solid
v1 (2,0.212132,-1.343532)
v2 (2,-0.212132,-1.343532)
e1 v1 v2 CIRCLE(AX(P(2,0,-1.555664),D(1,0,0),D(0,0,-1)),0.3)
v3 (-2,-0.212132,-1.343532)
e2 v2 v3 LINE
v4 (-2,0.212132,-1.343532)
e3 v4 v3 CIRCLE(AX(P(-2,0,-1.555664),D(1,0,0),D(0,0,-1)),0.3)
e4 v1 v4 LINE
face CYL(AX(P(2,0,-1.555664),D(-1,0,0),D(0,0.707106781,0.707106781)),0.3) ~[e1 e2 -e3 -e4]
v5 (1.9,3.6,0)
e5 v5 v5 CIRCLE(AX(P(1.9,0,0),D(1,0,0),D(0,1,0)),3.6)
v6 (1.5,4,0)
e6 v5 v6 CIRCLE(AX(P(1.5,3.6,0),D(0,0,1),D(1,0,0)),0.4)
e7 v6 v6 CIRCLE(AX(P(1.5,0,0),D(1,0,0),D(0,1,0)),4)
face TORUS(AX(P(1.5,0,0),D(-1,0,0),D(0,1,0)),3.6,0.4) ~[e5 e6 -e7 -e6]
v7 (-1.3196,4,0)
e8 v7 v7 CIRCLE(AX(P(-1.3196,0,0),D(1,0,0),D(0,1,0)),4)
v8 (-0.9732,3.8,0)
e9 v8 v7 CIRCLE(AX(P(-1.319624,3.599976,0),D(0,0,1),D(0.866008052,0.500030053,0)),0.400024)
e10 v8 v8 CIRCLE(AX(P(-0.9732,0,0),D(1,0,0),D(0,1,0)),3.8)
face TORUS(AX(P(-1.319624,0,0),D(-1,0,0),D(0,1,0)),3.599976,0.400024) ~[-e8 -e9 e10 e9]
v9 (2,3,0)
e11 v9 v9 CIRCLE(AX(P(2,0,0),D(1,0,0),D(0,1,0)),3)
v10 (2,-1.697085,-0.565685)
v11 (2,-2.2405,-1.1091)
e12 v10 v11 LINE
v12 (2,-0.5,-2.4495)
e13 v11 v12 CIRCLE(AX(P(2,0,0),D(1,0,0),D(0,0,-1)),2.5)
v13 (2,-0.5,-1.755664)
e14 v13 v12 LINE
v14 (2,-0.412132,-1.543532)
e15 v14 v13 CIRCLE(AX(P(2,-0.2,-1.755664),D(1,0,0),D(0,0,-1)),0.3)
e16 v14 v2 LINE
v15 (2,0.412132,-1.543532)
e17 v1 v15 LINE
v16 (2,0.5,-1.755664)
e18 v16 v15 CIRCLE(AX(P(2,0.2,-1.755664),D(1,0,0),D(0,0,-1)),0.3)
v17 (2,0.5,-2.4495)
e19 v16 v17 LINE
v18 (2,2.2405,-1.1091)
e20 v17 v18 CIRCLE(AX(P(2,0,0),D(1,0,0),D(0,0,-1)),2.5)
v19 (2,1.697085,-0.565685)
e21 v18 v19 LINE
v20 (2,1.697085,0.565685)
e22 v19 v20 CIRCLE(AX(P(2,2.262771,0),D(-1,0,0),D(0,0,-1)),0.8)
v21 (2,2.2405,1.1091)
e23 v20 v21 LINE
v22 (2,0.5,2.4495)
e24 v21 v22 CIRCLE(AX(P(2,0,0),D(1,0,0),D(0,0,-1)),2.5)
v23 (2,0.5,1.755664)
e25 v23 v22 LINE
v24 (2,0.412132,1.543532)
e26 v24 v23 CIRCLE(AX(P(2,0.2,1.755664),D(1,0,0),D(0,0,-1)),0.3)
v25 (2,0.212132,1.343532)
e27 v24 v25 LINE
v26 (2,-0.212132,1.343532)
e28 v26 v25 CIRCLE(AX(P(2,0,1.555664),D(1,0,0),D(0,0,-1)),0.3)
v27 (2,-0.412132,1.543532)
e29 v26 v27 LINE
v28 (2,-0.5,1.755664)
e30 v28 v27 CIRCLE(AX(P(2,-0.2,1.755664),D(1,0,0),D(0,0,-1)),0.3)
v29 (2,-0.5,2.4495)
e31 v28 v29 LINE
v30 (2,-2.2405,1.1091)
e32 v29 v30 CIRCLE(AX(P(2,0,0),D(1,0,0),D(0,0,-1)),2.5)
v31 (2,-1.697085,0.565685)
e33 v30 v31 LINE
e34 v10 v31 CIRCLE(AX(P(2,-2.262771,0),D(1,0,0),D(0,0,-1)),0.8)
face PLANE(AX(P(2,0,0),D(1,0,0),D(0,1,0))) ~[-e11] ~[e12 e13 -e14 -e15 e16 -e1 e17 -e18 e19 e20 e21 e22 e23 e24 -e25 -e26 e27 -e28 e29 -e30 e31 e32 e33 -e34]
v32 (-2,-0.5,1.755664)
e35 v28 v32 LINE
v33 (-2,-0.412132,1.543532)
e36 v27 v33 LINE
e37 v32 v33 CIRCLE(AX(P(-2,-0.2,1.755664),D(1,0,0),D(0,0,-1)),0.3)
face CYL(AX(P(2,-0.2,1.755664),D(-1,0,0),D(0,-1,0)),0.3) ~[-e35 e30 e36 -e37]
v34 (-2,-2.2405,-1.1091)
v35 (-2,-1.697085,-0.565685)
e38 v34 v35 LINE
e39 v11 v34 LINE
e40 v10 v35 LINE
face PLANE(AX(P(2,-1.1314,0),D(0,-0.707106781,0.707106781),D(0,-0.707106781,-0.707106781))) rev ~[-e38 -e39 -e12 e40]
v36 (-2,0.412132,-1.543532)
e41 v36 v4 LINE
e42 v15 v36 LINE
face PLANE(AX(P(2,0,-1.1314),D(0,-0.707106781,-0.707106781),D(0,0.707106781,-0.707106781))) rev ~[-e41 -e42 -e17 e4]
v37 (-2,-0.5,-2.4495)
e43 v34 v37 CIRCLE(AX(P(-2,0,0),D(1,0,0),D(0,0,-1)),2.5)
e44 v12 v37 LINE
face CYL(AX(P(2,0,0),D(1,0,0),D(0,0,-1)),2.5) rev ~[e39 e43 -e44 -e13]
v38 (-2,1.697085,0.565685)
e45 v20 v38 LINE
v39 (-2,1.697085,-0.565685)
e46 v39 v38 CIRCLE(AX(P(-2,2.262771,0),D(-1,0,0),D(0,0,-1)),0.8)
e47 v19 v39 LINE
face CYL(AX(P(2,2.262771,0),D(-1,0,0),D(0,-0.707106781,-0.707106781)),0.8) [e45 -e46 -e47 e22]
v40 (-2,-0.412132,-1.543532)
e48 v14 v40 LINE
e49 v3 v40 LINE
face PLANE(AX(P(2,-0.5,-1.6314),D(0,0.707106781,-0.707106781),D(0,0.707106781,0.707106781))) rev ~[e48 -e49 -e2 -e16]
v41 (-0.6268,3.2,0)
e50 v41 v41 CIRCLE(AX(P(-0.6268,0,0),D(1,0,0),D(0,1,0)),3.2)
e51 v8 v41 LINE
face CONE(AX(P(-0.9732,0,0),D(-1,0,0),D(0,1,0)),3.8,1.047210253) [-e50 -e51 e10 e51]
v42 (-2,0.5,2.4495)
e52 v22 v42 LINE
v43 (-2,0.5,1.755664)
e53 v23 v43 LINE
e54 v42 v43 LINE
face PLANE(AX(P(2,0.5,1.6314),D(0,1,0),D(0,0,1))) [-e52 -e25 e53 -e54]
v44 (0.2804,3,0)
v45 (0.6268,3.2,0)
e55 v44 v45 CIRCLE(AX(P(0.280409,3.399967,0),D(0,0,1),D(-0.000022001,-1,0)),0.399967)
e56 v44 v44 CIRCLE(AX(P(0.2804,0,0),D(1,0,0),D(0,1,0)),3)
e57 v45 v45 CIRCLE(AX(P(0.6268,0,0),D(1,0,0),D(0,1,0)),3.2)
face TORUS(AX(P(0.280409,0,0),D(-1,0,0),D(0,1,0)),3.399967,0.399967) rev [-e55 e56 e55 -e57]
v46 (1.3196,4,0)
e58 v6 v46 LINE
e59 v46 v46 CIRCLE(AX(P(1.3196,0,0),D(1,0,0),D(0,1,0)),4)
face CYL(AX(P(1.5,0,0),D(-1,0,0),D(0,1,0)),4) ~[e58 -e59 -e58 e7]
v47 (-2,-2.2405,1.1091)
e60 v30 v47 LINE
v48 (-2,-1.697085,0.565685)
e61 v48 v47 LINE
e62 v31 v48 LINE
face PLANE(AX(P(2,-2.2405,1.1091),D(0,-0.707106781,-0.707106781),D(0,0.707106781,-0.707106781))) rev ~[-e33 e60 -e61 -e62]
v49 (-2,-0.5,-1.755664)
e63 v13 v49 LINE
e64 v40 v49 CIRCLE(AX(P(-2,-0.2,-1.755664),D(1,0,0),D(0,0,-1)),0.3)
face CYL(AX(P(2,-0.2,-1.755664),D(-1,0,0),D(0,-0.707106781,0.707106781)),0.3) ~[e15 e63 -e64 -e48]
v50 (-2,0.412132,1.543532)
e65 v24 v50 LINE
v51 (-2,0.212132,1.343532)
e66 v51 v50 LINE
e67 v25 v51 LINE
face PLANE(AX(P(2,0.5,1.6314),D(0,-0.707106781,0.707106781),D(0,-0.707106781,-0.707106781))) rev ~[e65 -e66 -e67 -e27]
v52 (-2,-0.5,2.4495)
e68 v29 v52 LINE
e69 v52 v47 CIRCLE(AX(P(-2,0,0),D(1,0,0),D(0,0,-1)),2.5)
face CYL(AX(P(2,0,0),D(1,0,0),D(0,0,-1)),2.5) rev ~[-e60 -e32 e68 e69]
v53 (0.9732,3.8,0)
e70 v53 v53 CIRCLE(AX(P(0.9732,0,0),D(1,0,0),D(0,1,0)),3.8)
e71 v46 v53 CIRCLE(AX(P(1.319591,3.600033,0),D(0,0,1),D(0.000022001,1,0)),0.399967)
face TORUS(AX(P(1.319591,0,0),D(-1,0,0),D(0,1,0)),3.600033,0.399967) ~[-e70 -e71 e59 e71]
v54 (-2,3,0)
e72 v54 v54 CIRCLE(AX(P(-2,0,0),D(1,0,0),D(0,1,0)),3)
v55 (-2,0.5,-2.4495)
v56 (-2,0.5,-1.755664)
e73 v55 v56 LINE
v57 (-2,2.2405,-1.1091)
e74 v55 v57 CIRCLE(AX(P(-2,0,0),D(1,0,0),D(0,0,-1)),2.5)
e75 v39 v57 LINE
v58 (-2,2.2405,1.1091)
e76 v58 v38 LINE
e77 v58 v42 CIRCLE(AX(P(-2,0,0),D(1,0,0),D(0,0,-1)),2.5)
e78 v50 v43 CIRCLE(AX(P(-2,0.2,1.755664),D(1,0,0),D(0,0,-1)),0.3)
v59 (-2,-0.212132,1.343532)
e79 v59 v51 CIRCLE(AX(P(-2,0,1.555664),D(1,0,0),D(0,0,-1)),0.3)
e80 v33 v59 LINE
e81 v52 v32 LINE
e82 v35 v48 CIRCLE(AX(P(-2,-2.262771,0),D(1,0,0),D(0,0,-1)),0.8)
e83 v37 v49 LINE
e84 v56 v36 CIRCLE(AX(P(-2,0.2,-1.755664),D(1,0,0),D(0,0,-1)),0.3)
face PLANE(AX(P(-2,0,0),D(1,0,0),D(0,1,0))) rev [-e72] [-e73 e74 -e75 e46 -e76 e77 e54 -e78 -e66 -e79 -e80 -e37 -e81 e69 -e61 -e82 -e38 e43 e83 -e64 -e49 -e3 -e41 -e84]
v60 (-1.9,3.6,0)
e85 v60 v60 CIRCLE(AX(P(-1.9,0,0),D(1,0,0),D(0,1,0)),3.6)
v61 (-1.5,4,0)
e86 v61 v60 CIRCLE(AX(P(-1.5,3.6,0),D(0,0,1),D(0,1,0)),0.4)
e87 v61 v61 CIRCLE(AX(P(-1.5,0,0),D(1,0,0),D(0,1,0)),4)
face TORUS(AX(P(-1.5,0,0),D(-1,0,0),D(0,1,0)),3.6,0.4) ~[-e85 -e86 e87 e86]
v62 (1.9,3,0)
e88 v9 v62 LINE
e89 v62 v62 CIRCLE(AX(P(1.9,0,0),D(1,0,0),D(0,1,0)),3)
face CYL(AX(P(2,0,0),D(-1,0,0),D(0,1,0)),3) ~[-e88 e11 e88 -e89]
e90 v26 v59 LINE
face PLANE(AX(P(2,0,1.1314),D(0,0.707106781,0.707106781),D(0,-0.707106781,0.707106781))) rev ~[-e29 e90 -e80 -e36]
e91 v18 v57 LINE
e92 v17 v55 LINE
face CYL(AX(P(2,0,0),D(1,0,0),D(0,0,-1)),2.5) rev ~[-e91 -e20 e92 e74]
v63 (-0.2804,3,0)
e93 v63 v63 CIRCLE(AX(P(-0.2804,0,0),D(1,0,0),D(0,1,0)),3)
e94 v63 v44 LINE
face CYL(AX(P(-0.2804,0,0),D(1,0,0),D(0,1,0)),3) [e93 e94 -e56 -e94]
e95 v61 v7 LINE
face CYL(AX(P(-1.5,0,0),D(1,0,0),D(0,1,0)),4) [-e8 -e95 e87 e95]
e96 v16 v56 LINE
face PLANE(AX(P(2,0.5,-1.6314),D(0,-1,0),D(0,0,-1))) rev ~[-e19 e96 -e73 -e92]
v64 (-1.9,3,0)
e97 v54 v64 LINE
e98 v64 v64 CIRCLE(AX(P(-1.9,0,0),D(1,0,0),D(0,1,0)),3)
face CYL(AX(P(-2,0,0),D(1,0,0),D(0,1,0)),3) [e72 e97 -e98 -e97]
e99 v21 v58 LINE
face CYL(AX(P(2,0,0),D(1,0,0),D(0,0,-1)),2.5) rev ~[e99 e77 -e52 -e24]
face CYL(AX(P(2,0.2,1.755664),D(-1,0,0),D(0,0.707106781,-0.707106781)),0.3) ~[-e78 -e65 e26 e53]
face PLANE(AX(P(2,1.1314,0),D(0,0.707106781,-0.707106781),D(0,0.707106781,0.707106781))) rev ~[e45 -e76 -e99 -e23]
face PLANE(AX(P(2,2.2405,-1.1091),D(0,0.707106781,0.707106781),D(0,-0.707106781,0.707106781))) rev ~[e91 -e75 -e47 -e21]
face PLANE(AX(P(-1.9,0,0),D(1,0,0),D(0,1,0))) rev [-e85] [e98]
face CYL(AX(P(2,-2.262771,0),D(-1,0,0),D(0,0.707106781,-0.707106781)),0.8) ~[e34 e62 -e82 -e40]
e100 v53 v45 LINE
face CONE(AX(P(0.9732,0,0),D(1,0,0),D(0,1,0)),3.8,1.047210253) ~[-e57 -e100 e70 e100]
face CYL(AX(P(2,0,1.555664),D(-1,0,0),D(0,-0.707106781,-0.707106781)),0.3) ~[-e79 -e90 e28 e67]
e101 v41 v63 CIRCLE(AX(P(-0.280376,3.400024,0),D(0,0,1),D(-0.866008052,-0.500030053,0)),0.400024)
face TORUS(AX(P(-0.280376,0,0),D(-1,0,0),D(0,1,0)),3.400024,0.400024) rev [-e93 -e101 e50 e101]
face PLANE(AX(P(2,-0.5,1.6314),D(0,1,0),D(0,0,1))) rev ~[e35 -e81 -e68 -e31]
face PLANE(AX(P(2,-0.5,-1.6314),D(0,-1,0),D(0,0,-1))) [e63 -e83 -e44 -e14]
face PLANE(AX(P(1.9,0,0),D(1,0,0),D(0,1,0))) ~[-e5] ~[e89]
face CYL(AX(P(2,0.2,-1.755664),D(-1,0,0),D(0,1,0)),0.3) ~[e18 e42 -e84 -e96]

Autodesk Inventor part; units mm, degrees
ref_plane "YZ Plane" through (0, 0, 0) normal (1, 0, 0) x (0, 1, 0)
ref_plane "XZ Plane" through (0, 0, 0) normal (0, 1, 0) x (-1, 0, 0)
ref_plane "XY Plane" through (0, 0, 0) normal (0, 0, 1) x (1, 0, 0)
sketch "Sketch1" plane through (0, 0, 0) normal (0, 0, 1) x (1, 0, 0)
  line L0 (-2, 0) -> (2, 0)
  line L1 (-2, 0) -> (-2, 3)
  line L2 (-2, 3) -> (-1.9, 3)
  line L3 (0, 0) -> (0, 3) construction
  line L4 (-1.9, 3) -> (-1.9, 3.6)
  line L5 (-1.5, 4) -> (-1.3196, 4)
  line L6 (-0.9732, 3.8) -> (-0.6268, 3.2)
  line L7 (-0.2804, 3) -> (0, 3)
  arc A0 (-0.9732, 3.8) -> (-1.3196, 4) centre (-1.3196, 3.6) ccw
  arc A1 (-0.6268, 3.2) -> (-0.2804, 3) centre (-0.2804, 3.4) ccw
  arc A2 (-1.5, 4) -> (-1.9, 3.6) centre (-1.5, 3.6) ccw
  line L8 (2, 0) -> (2, 3)
  line L9 (2, 3) -> (1.9, 3)
  line L10 (1.9, 3) -> (1.9, 3.6)
  line L11 (1.5, 4) -> (1.3196, 4)
  line L12 (0.9732, 3.8) -> (0.6268, 3.2)
  line L13 (0.2804, 3) -> (0, 3)
  arc A3 (1.3196, 4) -> (0.9732, 3.8) centre (1.3196, 3.6) ccw
  arc A4 (0.2804, 3) -> (0.6268, 3.2) centre (0.2804, 3.4) ccw
  arc A5 (1.9, 3.6) -> (1.5, 4) centre (1.5, 3.6) ccw
  line L14 (-0.8, 3.5) -> (0.8, 3.5) construction
  dimension "d0" = 0.4
  dimension "d1" = 8
  dimension "d2" = 6
  dimension "d3" = 6
  dimension "d4" = 4
  dimension "d5" = 3.8
  dimension "d8" = 1.6
  dimension "d9" = 120
revolve "Revolution1" add sketch "Sketch1" angle 360 about axis through (-2, 0, 0) along (1, 0, 0)
sketch "Sketch2" plane through (2, 0, 0) normal (1, 0, 0) x (0, 0, -1)
  circle A0 centre (0, 0) radius 2.5
  line L0 (2.2405, -1.1091) -> (1.6314, -0.5) construction
  line L1 (1.1314, 0) -> (1.6314, 0.5)
  line L2 (-2.2405, 1.1091) -> (-1.6314, 0.5) construction
  line L3 (-1.1314, 0) -> (-1.6314, -0.5)
  line L4 (-1.1091, -2.2405) -> (0, -1.1314)
  line L5 (0, -1.1314) -> (1.1091, -2.2405)
  line L6 (1.1091, 2.2405) -> (0, 1.1314)
  line L7 (0, 1.1314) -> (-1.1091, 2.2405)
  line L8 (-1.6314, -0.5) -> (-2.4495, -0.5)
  line L9 (-1.6314, 0.5) -> (-2.4495, 0.5)
  line L10 (1.6314, -0.5) -> (2.4495, -0.5)
  line L11 (1.6314, 0.5) -> (2.4495, 0.5)
  line L12 (-1.6314, -0.5) -> (-2.2405, -1.1091) construction
  line L13 (1.6314, -0.5) -> (1.1314, 0)
  line L14 (1.6314, 0.5) -> (2.2405, 1.1091) construction
  line L15 (-1.6314, 0.5) -> (-1.1314, 0)
  point P0 (0, 0)
  dimension "d11" = 5
  dimension "d12" = 1.6
  dimension "d13" = 1
  dimension "d14" = 1
  dimension "d15" = 1.5685
  dimension "d16" = 1.5685
  dimension "d17" = 1.6
  dimension "d18" = 1.6
  dimension "d19" = 1.6
extrude "Extrusion1" cut sketch "Sketch2" against normal through all contours L11 L1 L13 L10 A0 L5 L4 L8 L3 L15 L9 L7 L6
fillet "Fillet1" radius 0.3 6 edges at (0, 0, 1.1314) (0, 0.5, 1.6314) (0, -0.5, 1.6314) (0, 0.5, -1.6314) (0, 0, -1.1314) (0, -0.5, -1.6314)
fillet "Fillet2" radius 0.8 2 edges at (0, -1.1314, 0) (0, 1.1314, 0)
equation "\"d3\" = d2"
equation "\"d14\" = d13"
equation "\"d16\" = d15"
equation "\"d17\" = d12"
equation "\"d18\" = d17"
equation "\"d19\" = d12"
properties part number "4265C" material "Steel"
